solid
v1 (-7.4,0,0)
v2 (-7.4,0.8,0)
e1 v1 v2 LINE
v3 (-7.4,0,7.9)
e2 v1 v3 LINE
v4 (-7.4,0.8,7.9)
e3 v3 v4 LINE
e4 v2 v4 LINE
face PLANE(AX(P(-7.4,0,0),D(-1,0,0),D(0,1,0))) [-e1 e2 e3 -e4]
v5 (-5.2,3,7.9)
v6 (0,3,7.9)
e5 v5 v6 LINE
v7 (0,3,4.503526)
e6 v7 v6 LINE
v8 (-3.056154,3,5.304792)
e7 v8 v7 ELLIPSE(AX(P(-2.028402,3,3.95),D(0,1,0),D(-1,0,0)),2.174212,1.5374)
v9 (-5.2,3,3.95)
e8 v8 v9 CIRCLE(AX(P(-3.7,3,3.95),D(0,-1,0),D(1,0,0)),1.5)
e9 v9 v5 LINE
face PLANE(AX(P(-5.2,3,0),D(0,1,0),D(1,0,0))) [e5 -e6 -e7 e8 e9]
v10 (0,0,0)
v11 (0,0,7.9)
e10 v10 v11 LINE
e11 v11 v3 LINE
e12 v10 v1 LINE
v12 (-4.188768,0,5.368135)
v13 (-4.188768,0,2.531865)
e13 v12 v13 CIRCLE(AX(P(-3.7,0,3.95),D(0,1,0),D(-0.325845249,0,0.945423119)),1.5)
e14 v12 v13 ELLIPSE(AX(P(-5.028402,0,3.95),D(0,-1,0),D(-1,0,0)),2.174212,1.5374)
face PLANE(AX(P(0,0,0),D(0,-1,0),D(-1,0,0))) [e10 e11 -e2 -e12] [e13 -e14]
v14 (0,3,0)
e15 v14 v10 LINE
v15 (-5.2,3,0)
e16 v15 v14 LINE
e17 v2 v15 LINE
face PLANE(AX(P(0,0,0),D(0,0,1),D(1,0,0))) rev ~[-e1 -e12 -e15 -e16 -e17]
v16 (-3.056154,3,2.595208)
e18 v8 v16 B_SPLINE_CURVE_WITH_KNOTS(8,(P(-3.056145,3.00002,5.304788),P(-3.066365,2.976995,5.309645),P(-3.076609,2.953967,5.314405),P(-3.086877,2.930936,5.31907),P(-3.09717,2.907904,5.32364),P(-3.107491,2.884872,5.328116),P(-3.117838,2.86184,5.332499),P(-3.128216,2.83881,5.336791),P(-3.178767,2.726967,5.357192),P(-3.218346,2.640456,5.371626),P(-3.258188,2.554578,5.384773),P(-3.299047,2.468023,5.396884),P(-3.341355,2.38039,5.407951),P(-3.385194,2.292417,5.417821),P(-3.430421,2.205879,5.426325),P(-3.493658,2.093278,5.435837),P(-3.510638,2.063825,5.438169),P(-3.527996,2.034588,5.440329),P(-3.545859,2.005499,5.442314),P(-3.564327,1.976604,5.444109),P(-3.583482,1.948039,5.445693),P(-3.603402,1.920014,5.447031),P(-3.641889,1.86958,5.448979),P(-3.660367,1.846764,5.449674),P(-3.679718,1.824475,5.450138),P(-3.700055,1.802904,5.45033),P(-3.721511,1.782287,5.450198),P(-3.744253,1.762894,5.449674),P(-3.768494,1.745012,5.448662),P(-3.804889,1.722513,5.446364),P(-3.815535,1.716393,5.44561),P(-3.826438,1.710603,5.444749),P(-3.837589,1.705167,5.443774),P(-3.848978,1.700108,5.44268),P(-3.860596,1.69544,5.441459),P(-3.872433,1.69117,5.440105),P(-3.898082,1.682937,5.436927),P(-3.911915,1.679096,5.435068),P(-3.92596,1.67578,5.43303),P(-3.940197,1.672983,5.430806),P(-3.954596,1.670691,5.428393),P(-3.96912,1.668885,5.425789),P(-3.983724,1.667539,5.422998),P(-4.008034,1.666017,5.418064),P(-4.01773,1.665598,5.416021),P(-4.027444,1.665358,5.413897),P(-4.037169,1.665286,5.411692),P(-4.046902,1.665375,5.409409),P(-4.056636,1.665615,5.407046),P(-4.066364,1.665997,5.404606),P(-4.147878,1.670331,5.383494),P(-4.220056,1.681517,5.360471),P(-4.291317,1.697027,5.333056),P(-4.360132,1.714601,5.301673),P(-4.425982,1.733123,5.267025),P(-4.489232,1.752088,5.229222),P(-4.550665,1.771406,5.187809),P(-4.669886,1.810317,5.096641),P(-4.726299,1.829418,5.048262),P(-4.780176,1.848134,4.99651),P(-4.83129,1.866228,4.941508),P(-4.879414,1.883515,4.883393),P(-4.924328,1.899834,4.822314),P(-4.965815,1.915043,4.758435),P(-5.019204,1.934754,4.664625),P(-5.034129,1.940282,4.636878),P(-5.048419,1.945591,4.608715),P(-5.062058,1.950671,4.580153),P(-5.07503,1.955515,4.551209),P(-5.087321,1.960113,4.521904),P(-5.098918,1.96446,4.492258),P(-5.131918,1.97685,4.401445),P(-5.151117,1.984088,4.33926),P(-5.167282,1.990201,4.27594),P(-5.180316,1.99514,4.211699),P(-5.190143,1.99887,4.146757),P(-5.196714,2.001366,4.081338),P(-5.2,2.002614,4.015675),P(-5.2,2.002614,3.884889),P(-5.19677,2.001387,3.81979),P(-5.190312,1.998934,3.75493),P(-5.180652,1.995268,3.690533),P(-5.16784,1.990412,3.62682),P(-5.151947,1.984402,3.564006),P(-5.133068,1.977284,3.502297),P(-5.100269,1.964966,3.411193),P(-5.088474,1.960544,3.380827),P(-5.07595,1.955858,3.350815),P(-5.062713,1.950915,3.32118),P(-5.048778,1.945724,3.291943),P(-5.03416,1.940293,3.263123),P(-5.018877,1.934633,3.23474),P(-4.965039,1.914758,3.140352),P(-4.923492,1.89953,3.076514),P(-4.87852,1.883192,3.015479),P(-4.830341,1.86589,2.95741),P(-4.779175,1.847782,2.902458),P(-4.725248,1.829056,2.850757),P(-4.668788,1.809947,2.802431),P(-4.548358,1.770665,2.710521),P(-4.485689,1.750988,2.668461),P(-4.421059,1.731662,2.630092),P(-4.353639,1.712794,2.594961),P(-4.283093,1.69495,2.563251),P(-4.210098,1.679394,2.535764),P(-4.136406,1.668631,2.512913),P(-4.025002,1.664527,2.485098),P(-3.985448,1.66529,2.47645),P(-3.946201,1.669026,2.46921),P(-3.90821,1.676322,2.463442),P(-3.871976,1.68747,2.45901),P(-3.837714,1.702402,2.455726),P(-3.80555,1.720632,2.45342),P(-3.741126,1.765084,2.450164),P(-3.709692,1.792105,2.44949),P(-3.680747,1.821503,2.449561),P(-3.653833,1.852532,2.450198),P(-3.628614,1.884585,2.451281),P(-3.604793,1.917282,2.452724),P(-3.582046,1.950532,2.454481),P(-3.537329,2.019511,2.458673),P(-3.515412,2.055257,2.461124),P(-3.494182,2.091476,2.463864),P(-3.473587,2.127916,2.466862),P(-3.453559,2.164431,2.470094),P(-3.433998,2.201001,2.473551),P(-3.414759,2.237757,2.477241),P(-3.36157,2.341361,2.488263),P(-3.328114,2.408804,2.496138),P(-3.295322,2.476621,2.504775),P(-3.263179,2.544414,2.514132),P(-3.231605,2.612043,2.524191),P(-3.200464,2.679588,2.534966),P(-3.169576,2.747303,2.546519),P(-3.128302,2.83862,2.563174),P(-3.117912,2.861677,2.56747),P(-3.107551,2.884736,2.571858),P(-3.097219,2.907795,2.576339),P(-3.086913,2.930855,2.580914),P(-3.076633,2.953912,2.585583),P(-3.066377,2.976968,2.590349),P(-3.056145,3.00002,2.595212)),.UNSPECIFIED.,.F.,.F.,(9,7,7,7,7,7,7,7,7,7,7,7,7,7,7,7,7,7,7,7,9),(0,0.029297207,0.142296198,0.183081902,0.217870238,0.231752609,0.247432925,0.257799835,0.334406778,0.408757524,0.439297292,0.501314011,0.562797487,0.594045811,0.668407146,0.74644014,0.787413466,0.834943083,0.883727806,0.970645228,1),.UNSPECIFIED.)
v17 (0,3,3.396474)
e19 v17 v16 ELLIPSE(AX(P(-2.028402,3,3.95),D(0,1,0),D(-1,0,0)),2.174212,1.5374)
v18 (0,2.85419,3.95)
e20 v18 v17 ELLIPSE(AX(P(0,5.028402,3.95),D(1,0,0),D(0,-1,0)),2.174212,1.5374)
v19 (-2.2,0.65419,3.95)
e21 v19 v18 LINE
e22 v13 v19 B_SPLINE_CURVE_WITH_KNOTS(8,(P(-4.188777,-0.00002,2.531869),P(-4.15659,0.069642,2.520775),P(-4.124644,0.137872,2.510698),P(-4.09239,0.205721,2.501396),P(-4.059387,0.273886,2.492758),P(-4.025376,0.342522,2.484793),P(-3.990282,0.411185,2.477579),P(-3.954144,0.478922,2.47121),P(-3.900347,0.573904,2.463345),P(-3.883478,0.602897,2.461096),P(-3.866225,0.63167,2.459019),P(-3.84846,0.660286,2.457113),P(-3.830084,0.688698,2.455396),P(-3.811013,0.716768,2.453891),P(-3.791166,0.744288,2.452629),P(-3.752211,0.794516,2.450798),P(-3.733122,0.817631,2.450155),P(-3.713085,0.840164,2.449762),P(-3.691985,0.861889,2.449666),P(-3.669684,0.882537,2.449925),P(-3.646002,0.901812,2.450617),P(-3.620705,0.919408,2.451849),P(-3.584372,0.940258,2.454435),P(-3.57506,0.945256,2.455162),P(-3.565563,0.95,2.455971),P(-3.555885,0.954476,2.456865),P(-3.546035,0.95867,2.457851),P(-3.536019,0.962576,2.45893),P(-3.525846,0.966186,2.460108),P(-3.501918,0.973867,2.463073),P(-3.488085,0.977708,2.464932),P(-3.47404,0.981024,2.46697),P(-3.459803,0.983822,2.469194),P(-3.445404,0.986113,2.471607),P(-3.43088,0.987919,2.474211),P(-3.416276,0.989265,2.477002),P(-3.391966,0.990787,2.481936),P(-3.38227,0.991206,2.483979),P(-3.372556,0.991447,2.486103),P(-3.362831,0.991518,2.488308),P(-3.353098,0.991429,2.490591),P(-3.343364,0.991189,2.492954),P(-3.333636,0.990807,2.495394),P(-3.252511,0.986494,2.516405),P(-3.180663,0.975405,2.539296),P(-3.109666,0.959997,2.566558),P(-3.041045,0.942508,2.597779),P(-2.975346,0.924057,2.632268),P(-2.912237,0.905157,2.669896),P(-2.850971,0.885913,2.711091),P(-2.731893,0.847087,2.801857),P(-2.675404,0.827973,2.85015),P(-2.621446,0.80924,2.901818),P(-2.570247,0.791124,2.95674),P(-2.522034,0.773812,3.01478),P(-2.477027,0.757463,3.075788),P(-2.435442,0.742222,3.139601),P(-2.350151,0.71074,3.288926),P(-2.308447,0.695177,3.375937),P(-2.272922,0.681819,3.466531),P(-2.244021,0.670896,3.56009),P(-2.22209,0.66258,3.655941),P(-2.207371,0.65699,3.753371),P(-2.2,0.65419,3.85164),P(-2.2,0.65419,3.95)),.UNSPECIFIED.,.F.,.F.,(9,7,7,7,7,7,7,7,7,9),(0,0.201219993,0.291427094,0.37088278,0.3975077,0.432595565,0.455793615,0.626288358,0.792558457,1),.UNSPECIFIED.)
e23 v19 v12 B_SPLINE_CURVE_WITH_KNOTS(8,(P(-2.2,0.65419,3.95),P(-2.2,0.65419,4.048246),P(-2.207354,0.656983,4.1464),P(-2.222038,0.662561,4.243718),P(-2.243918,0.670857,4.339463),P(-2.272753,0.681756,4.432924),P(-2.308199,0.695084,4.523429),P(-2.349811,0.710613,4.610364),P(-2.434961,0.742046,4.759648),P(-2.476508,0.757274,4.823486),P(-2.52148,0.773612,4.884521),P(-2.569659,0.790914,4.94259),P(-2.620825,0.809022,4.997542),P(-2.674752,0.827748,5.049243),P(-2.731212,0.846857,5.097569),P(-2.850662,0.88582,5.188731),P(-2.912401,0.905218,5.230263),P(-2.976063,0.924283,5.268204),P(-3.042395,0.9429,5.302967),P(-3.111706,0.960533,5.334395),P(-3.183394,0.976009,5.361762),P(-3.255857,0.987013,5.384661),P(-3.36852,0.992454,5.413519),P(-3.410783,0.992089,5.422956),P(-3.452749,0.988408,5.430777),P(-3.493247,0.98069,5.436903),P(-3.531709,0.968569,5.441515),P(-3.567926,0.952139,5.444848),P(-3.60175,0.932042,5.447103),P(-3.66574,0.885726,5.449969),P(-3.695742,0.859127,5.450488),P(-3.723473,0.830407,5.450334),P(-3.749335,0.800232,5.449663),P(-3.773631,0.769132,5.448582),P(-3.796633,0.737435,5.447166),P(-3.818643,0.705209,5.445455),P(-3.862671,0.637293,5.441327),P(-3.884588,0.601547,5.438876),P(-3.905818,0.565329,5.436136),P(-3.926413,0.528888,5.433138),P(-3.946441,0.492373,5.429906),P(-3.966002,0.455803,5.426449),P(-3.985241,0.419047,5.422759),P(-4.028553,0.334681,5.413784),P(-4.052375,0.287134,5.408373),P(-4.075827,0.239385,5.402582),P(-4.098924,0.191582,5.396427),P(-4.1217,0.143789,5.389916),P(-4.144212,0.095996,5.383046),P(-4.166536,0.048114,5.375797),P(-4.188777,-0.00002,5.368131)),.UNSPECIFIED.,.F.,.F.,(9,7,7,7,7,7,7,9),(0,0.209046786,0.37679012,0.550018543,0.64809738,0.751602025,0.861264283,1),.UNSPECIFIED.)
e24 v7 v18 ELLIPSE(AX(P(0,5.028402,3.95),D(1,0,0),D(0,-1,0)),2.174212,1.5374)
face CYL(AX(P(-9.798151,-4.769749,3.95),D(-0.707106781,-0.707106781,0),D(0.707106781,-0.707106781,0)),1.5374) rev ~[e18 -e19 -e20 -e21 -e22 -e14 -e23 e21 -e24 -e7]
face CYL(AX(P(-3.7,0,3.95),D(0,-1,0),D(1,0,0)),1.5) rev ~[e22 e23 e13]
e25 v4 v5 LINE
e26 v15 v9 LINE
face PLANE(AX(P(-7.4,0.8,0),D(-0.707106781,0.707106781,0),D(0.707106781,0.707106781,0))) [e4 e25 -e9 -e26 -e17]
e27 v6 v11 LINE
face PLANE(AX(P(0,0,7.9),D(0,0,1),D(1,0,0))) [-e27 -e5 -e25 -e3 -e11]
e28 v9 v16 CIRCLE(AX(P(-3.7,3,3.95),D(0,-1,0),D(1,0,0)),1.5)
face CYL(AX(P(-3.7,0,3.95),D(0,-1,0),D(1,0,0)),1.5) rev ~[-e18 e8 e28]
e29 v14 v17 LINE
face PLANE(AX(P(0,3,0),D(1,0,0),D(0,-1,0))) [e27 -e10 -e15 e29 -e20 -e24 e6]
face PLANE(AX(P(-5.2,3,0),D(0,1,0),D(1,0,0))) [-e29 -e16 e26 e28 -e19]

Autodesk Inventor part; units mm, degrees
ref_plane "YZ Plane" through (0, 0, 0) normal (1, 0, 0) x (0, 1, 0)
ref_plane "XZ Plane" through (0, 0, 0) normal (0, 1, 0) x (-1, 0, 0)
ref_plane "XY Plane" through (0, 0, 0) normal (0, 0, 1) x (1, 0, 0)
sketch "Sketch1" plane through (0, 0, 0) normal (0, 0, 1) x (1, 0, 0)
  line L0 (0, 0) -> (-7.4, 0)
  line L1 (-7.4, 0) -> (-7.4, 3)
  line L2 (-7.4, 3) -> (0, 3)
  line L3 (0, 3) -> (0, 0)
  line L4 (-7.4, 0) -> (-7.4, 0.8)
  line L5 (-7.4, 0.8) -> (-5.2, 3)
  dimension "d0" = 7.4
  dimension "d1" = 3
  dimension "d3" = 135
  dimension "d11" = 2.2
extrude "Extrusion1" add sketch "Sketch1" along normal blind 7.9 contours L0 L1 L5 L2 L3
sketch "Sketch2" plane through (-7.4, 0, 0) normal (0, -1, 0) x (1, 0, 0)
  line L0 (0, 0) -> (7.4, 0) projected
  line L1 (7.4, 0) -> (7.4, 7.9) projected
  line L2 (0, 7.9) -> (7.4, 7.9) projected
  line L3 (0, 0) -> (0, 7.9) projected
  circle A0 centre (3.7, 3.95) radius 1.5
  dimension "d6" = 3
extrude "Extrusion2" cut sketch "Sketch2" against normal blind 7.9 contours A0
sketch "Sketch3" plane through (-7.4, 0, 0) normal (0, -1, 0) x (1, 0, 0)
  point P0 (7.4, 0)
ref_plane "Work Plane1" through (-15.6286, 1.0607, 21.7368) normal (-0.7071, -0.7071, 0) x (0.7071, -0.7071, 0)
sketch "Sketch4" plane through (-15.6286, 1.0607, 21.7368) normal (-0.7071, -0.7071, 0) x (0.7071, -0.7071, 0)
  ellipse E0 centre (9.1848, -17.7868) end of major axis (9.1848, -16.2868) minor radius 1.0607 construction
  line L0 (6.5685, -21.7368) -> (11.8011, -21.7368) projected
  line L1 (11.8011, -21.7368) -> (11.8011, -13.8368) projected
  line L2 (6.5685, -13.8368) -> (11.8011, -13.8368) projected
  line L3 (6.5685, -21.7368) -> (6.5685, -13.8368) projected
  ellipse E1 centre (9.1848, -17.7868) end of major axis (9.1848, -16.2868) minor radius 1.0607 construction
  circle A0 centre (9.1848, -17.7868) radius 1.5 construction
  circle A1 centre (8.2455, -17.7868) radius 1.5374
extrude "Extrusion3" cut sketch "Sketch4" against normal through all contours A1
properties part number "00_KES400_DichroicMirror" material "PMMA Plastic"
